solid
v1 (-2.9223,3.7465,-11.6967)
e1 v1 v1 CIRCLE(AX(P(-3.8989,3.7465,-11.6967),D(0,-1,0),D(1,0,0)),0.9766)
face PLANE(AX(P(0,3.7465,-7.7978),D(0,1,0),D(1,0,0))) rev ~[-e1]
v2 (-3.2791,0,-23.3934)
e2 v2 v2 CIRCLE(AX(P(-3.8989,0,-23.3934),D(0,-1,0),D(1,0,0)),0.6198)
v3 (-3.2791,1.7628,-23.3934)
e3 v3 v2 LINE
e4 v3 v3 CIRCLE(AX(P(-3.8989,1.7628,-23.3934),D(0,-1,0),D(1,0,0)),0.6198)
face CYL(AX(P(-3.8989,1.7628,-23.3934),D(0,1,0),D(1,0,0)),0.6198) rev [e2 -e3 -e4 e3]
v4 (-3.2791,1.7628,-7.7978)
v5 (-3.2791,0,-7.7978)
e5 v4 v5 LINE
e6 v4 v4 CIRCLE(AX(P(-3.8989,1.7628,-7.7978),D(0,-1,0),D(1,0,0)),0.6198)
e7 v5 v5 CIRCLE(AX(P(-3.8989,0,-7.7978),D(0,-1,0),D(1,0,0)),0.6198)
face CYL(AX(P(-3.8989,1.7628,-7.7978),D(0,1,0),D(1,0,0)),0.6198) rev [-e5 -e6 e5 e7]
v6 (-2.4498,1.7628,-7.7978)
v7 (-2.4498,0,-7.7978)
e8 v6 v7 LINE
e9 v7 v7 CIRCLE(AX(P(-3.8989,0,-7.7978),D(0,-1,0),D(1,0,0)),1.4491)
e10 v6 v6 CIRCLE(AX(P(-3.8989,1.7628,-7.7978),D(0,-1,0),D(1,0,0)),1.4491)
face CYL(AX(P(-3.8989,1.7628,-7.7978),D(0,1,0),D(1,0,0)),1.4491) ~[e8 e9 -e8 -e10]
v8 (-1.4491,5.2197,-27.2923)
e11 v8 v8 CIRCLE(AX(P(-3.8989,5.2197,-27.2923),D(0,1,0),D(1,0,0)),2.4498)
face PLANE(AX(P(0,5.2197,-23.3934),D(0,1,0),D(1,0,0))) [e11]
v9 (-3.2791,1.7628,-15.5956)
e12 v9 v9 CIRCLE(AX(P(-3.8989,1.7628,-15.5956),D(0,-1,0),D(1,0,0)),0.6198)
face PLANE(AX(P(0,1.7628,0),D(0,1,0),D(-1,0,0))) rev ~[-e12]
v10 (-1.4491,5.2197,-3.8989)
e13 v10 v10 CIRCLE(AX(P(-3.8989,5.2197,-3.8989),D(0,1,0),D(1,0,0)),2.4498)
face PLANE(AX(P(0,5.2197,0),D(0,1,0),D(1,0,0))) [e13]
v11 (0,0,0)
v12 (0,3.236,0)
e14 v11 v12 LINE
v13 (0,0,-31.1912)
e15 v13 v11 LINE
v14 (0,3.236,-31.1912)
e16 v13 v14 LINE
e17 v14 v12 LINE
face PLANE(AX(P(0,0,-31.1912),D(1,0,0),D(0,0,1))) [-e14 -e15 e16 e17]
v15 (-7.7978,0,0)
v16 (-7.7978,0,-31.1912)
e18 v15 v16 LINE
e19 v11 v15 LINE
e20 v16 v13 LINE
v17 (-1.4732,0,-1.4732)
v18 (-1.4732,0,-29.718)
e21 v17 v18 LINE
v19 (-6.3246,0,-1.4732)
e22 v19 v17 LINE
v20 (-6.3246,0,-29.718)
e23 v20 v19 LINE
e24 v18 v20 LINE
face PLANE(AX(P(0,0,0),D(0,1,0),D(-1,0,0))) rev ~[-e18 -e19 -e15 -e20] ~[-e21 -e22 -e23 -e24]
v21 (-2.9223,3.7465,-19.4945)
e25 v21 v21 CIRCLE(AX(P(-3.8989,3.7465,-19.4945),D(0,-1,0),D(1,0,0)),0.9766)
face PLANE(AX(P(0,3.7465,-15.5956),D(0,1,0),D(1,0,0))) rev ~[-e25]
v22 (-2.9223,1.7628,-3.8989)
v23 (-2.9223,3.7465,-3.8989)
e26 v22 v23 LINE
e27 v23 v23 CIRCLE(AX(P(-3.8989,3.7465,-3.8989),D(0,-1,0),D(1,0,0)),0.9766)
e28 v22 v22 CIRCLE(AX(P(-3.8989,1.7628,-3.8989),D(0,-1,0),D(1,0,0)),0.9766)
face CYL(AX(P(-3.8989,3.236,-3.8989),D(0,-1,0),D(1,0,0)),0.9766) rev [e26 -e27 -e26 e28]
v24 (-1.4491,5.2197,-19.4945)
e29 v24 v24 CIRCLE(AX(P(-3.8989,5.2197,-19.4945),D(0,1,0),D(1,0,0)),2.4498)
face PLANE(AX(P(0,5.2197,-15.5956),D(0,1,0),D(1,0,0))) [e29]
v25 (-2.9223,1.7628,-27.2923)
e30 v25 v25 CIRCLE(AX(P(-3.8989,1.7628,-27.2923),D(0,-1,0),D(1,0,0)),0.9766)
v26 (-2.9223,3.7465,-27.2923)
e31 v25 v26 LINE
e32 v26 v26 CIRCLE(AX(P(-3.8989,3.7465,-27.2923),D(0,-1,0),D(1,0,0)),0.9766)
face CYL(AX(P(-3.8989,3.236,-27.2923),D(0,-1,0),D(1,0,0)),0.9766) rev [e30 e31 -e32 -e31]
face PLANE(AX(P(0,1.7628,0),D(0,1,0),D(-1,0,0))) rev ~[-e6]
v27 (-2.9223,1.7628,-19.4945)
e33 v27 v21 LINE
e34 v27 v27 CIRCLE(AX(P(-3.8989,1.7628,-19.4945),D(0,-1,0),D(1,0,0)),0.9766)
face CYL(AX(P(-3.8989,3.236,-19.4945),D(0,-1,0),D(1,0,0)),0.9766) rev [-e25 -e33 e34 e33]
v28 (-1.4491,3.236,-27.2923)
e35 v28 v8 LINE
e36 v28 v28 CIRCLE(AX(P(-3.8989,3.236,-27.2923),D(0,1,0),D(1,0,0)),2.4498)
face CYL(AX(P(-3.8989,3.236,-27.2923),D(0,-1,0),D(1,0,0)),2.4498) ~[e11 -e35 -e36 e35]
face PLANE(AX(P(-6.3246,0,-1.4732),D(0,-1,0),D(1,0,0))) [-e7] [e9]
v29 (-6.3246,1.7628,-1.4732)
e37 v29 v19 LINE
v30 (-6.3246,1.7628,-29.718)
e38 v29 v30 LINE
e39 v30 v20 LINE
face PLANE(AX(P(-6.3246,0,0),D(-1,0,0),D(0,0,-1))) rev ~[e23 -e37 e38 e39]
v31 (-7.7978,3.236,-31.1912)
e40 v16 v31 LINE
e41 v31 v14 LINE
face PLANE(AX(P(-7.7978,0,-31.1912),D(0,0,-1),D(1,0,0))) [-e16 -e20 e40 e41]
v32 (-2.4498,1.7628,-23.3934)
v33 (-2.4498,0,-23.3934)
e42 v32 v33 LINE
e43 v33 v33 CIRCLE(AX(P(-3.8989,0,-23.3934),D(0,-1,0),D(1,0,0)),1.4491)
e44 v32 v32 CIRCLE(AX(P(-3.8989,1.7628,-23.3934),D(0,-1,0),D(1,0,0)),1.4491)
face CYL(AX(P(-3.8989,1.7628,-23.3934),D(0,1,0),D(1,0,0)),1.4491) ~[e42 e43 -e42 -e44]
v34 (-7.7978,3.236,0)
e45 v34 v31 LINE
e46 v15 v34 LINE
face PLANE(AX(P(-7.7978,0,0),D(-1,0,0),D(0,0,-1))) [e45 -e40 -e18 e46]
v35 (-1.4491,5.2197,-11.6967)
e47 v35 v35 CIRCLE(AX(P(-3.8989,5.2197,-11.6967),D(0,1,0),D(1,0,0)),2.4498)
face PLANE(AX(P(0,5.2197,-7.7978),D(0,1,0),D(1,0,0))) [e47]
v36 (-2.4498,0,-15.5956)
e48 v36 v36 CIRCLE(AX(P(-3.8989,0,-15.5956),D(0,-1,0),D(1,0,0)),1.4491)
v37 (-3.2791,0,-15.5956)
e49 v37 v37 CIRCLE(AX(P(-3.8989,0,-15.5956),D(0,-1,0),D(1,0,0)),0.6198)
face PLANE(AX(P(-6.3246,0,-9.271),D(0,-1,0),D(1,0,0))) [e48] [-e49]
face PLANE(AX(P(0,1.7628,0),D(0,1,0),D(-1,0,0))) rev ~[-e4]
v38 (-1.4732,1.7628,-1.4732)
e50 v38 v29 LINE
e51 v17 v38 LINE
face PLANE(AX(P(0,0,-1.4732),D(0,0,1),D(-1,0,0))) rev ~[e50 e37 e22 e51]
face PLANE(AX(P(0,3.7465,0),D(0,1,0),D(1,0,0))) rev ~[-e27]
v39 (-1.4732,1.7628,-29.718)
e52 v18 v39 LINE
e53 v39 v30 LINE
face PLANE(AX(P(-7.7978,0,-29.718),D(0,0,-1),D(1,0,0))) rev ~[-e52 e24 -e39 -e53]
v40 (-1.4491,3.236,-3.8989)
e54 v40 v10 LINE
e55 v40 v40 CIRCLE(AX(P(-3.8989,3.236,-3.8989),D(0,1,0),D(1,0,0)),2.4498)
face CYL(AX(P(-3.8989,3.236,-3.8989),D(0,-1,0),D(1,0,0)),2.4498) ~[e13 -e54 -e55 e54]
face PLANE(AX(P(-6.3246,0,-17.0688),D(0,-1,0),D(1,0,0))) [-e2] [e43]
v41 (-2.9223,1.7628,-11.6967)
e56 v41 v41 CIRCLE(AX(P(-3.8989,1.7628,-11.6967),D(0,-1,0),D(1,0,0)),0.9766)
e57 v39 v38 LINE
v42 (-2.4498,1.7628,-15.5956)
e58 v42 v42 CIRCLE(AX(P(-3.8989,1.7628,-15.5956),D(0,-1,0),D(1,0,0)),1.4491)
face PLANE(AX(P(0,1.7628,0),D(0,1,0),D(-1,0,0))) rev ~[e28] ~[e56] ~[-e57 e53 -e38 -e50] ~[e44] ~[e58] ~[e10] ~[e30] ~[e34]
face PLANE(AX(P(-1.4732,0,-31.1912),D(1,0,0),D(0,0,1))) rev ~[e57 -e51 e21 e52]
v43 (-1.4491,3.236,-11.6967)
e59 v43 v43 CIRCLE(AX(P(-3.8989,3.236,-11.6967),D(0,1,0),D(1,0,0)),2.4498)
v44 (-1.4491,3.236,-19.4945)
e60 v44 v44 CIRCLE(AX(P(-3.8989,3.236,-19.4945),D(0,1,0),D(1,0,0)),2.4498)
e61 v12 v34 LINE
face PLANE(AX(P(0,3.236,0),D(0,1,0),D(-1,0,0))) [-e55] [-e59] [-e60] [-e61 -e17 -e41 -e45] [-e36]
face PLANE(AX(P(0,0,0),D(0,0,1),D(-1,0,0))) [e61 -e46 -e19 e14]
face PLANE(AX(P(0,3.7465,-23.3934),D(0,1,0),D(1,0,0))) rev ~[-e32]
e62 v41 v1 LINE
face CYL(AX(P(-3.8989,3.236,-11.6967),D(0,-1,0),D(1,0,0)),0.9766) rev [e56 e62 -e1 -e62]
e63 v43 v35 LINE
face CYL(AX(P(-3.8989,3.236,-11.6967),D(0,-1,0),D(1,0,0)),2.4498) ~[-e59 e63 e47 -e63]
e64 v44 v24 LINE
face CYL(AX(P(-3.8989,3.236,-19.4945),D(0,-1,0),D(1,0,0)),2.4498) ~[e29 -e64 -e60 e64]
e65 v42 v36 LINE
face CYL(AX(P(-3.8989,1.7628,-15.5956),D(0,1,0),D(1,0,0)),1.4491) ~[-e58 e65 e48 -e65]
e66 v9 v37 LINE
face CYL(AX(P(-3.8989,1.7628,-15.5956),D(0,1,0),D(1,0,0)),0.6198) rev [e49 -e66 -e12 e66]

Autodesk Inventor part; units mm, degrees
ref_plane "YZ Plane" through (0, 0, 0) normal (1, 0, 0) x (0, 1, 0)
ref_plane "XZ Plane" through (0, 0, 0) normal (0, 1, 0) x (-1, 0, 0)
ref_plane "XY Plane" through (0, 0, 0) normal (0, 0, 1) x (1, 0, 0)
sketch "Sketch1" plane through (0, 0, 0) normal (0, 1, 0) x (-1, 0, 0)
  line L0 (0, 0) -> (7.7978, 0)
  line L1 (7.7978, 0) -> (7.7978, -31.1912)
  line L2 (7.7978, -31.1912) -> (0, -31.1912)
  line L3 (0, -31.1912) -> (0, 0)
  dimension "d0" = 7.7978
  dimension "d1" = 31.1912
extrude "Extrusion1" add sketch "Sketch1" along normal blind 3.236
sketch "Sketch2" plane through (0, 3.236, 0) normal (0, 1, 0) x (1, 0, 0)
  line L0 (0, 0) -> (-3.8989, 0) construction
  line L1 (-3.8989, 0) -> (-3.8989, 3.8989) construction
  line L2 (-3.8989, 3.8989) -> (0, 3.8989) construction
  line L3 (0, 3.8989) -> (0, 0) construction
  circle A0 centre (-3.8989, 3.8989) radius 2.4498
  dimension "d4" = 3.8989
  dimension "d5" = 3.8989
  dimension "d6" = 4.8997
extrude "Extrusion2" add sketch "Sketch2" along normal blind 1.9837
pattern_linear "Rectangular Pattern1" count 4 spacing 7.7978 along (0, 0, -1) of "Extrusion2"
shell "Shell1" thickness 1.4732 removed faces 1 at (-2.5993, 0, -10.3971)
sketch "Sketch3" plane through (-6.3246, 1.7628, -1.4732) normal (0, -1, 0) x (1, 0, 0)
  circle A0 centre (2.4257, -2.4257) radius 2.4498 construction
  circle A1 centre (2.4257, -10.2235) radius 2.4498 construction
  line L0 (2.4257, -2.4257) -> (2.4257, -10.2235) construction
  circle A2 centre (2.4257, -6.3246) radius 0.6198
  circle A3 centre (2.4257, -6.3246) radius 1.4491
  point P0 (6.3246, 1.4732)
  dimension "d13" = 1.2395
extrude "Extrusion3" add sketch "Sketch3" along normal up to surface (1.7628 mm away)
pattern_linear "Rectangular Pattern2" count 3 spacing 7.7978 along (0, 0, -1) of "Extrusion3"
properties part number "1x4 short black pegged" material "ABS Plastic"
